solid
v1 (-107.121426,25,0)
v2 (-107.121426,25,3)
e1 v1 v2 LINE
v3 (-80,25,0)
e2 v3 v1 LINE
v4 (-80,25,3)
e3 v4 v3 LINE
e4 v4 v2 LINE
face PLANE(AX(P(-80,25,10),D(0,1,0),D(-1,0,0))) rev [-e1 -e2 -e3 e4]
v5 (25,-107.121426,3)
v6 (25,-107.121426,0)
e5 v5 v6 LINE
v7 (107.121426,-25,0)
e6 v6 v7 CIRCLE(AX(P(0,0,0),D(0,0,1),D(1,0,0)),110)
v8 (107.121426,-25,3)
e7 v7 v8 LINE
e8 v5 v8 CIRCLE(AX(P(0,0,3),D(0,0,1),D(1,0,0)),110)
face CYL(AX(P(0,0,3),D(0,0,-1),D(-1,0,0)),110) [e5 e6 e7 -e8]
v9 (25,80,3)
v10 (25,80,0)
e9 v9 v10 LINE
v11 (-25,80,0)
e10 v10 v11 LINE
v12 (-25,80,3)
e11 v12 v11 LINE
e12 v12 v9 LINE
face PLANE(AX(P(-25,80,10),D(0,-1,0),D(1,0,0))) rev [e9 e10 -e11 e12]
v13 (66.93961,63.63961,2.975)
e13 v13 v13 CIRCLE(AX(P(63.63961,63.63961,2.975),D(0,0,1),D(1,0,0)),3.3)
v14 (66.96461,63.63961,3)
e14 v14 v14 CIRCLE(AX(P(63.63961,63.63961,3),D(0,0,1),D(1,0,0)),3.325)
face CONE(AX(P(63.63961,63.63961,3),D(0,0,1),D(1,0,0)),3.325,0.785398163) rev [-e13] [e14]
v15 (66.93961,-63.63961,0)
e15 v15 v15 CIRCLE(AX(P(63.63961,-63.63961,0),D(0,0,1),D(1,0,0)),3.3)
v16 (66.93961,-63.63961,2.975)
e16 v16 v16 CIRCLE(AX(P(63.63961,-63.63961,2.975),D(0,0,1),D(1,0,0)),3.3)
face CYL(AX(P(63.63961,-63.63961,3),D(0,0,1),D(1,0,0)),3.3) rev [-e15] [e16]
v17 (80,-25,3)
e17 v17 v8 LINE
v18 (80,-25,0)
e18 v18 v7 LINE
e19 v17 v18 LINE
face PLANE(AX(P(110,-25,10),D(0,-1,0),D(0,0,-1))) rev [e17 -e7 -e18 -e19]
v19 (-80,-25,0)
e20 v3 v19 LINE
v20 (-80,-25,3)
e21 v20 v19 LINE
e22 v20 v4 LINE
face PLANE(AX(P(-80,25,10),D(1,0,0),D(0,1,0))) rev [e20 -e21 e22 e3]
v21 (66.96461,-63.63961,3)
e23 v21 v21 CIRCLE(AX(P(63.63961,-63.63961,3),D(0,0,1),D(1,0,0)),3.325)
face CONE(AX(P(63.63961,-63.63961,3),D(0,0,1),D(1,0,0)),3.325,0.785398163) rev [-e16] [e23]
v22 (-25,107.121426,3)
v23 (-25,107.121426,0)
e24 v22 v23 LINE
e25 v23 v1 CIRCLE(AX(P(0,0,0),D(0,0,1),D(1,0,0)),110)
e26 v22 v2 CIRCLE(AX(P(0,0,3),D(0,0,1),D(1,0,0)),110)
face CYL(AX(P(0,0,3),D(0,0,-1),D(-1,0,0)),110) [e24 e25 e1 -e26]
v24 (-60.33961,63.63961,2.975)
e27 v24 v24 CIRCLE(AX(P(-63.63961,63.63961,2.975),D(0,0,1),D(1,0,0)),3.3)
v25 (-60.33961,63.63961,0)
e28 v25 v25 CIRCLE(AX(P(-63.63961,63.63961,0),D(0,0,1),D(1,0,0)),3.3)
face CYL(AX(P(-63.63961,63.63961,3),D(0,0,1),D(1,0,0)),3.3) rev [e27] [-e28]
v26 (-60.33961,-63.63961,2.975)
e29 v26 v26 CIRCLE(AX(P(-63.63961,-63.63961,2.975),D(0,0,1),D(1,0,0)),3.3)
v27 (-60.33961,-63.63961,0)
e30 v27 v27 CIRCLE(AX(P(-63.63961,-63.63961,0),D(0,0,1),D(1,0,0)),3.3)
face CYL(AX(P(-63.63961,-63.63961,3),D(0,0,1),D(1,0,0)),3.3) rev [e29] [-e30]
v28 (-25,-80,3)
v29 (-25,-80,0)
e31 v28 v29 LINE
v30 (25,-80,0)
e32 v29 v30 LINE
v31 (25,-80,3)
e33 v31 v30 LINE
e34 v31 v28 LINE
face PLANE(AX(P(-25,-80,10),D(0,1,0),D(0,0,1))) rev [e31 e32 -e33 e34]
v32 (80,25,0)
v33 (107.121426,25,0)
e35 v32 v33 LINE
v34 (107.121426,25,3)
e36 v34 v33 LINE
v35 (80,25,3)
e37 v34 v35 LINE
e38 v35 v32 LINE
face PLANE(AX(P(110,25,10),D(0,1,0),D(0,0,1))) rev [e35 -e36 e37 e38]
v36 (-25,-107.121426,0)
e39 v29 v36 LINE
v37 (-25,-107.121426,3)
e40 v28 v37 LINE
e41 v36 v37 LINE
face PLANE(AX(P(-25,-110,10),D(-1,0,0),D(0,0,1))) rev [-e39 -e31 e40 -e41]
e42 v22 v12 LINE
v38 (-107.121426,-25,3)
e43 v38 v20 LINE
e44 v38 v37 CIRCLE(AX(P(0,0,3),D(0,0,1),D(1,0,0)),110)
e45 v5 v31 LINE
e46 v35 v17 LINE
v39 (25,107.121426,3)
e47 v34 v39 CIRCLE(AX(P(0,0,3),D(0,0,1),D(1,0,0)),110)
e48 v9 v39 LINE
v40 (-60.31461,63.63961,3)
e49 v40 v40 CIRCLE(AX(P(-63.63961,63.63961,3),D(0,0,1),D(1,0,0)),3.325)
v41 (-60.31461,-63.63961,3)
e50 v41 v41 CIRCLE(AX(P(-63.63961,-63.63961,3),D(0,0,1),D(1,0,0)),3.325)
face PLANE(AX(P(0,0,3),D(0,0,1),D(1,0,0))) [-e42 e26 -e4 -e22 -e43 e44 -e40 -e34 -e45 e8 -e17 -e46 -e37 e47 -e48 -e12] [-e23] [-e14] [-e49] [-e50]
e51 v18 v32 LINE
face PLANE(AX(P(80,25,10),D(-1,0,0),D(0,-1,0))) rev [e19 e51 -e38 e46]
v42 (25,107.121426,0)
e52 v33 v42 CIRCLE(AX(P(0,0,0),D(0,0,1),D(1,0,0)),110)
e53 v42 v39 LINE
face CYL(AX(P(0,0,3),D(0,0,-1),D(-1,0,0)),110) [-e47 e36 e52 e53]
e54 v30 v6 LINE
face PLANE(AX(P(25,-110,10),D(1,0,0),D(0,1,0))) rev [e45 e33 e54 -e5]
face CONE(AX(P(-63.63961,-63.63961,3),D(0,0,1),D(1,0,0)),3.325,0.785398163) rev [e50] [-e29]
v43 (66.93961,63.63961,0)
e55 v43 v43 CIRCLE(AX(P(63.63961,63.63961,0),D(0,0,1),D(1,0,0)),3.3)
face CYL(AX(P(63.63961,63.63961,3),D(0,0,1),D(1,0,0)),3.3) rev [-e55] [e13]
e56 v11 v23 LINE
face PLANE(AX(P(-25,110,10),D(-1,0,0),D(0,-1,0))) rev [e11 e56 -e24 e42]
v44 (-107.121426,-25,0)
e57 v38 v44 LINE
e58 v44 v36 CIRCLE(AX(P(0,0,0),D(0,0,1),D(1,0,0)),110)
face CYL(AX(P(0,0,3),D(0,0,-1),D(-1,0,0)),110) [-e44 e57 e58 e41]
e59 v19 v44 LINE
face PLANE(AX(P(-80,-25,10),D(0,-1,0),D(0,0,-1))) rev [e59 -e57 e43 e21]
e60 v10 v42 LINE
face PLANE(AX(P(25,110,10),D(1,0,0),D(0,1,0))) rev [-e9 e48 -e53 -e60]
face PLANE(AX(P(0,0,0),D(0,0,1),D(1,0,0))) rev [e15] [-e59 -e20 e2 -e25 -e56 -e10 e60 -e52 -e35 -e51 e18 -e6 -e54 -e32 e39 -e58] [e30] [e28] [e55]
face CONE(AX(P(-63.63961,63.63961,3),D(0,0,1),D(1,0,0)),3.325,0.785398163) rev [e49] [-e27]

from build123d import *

# Parameters (mm, degrees)
ESQUISSE1_R               = 110
BOSS_EXTRU_1_DEPTH        = 3
D_GAGEMENT_M61_AT_2_COUNT = 2
D_GAGEMENT_M61_AT_2_PITCH = 127.279220614
D_GAGEMENT_M61_AT_3_COUNT = 2
D_GAGEMENT_M61_AT_3_PITCH = 127.279220614
D_GAGEMENT_M61_AT_4_COUNT = 2
D_GAGEMENT_M61_AT_4_PITCH = 180
ESQUISSE2_W               = 30
ESQUISSE2_H               = 50
ESQUISSE2_W_2             = 50
ESQUISSE2_H_2             = 30
ENL_V_MAT_EXTRU_1_DEPTH   = 10


with BuildPart() as part:
    # Esquisse1 → Boss.-Extru.1 (new body)
    with BuildSketch(Plane.XY):
        Circle(ESQUISSE1_R)
    extrude(amount=BOSS_EXTRU_1_DEPTH)

    # Esquisse4 → Dégagement M61 (revolve, cut)
    with BuildSketch(Plane(origin=(-63.639610307, 63.639610307, 3), x_dir=(0, -1, 0), z_dir=(1, 0, 0))):
        Polygon((0, 0), (0, 3), (3.3, 3), (3.3, 0.025), (3.325, 0), align=None)
    d_gagement_m61 = revolve(axis=Axis((-63.639610307, 63.639610307, 9.35), (0, 0, -1)), mode=Mode.SUBTRACT)

    # Dégagement M61 at 2: Dégagement M61 ×2
    with Locations(*[(i * D_GAGEMENT_M61_AT_2_PITCH, 0, 0) for i in range(1, D_GAGEMENT_M61_AT_2_COUNT)]):
        add(d_gagement_m61, mode=Mode.SUBTRACT)

    # Dégagement M61 at 3: Dégagement M61 ×2
    with Locations(*[(0, -i * D_GAGEMENT_M61_AT_3_PITCH, 0) for i in range(1, D_GAGEMENT_M61_AT_3_COUNT)]):
        add(d_gagement_m61, mode=Mode.SUBTRACT)

    # Dégagement M61 at 4: Dégagement M61 ×2
    with Locations(*[Vector(0.7071067811865517, -0.7071067811865435, 0) * (i * D_GAGEMENT_M61_AT_4_PITCH) for i in range(1, D_GAGEMENT_M61_AT_4_COUNT)]):
        add(d_gagement_m61, mode=Mode.SUBTRACT)

    # Esquisse2 → Enlèv. mat.-Extru.1 (cut)
    with BuildSketch(Plane(origin=(0, 0, 0), x_dir=(-1, 0, 0), z_dir=(0, 0, -1))):
        with Locations((95, 0)):
            Rectangle(ESQUISSE2_W, ESQUISSE2_H)
        with Locations((-95, 0)):
            Rectangle(ESQUISSE2_W, ESQUISSE2_H)
        with Locations((0, -95)):
            Rectangle(ESQUISSE2_W_2, ESQUISSE2_H_2)
        with Locations((0, 95)):
            Rectangle(ESQUISSE2_W_2, ESQUISSE2_H_2)
    extrude(amount=-ENL_V_MAT_EXTRU_1_DEPTH, mode=Mode.SUBTRACT)


solid = part.part
